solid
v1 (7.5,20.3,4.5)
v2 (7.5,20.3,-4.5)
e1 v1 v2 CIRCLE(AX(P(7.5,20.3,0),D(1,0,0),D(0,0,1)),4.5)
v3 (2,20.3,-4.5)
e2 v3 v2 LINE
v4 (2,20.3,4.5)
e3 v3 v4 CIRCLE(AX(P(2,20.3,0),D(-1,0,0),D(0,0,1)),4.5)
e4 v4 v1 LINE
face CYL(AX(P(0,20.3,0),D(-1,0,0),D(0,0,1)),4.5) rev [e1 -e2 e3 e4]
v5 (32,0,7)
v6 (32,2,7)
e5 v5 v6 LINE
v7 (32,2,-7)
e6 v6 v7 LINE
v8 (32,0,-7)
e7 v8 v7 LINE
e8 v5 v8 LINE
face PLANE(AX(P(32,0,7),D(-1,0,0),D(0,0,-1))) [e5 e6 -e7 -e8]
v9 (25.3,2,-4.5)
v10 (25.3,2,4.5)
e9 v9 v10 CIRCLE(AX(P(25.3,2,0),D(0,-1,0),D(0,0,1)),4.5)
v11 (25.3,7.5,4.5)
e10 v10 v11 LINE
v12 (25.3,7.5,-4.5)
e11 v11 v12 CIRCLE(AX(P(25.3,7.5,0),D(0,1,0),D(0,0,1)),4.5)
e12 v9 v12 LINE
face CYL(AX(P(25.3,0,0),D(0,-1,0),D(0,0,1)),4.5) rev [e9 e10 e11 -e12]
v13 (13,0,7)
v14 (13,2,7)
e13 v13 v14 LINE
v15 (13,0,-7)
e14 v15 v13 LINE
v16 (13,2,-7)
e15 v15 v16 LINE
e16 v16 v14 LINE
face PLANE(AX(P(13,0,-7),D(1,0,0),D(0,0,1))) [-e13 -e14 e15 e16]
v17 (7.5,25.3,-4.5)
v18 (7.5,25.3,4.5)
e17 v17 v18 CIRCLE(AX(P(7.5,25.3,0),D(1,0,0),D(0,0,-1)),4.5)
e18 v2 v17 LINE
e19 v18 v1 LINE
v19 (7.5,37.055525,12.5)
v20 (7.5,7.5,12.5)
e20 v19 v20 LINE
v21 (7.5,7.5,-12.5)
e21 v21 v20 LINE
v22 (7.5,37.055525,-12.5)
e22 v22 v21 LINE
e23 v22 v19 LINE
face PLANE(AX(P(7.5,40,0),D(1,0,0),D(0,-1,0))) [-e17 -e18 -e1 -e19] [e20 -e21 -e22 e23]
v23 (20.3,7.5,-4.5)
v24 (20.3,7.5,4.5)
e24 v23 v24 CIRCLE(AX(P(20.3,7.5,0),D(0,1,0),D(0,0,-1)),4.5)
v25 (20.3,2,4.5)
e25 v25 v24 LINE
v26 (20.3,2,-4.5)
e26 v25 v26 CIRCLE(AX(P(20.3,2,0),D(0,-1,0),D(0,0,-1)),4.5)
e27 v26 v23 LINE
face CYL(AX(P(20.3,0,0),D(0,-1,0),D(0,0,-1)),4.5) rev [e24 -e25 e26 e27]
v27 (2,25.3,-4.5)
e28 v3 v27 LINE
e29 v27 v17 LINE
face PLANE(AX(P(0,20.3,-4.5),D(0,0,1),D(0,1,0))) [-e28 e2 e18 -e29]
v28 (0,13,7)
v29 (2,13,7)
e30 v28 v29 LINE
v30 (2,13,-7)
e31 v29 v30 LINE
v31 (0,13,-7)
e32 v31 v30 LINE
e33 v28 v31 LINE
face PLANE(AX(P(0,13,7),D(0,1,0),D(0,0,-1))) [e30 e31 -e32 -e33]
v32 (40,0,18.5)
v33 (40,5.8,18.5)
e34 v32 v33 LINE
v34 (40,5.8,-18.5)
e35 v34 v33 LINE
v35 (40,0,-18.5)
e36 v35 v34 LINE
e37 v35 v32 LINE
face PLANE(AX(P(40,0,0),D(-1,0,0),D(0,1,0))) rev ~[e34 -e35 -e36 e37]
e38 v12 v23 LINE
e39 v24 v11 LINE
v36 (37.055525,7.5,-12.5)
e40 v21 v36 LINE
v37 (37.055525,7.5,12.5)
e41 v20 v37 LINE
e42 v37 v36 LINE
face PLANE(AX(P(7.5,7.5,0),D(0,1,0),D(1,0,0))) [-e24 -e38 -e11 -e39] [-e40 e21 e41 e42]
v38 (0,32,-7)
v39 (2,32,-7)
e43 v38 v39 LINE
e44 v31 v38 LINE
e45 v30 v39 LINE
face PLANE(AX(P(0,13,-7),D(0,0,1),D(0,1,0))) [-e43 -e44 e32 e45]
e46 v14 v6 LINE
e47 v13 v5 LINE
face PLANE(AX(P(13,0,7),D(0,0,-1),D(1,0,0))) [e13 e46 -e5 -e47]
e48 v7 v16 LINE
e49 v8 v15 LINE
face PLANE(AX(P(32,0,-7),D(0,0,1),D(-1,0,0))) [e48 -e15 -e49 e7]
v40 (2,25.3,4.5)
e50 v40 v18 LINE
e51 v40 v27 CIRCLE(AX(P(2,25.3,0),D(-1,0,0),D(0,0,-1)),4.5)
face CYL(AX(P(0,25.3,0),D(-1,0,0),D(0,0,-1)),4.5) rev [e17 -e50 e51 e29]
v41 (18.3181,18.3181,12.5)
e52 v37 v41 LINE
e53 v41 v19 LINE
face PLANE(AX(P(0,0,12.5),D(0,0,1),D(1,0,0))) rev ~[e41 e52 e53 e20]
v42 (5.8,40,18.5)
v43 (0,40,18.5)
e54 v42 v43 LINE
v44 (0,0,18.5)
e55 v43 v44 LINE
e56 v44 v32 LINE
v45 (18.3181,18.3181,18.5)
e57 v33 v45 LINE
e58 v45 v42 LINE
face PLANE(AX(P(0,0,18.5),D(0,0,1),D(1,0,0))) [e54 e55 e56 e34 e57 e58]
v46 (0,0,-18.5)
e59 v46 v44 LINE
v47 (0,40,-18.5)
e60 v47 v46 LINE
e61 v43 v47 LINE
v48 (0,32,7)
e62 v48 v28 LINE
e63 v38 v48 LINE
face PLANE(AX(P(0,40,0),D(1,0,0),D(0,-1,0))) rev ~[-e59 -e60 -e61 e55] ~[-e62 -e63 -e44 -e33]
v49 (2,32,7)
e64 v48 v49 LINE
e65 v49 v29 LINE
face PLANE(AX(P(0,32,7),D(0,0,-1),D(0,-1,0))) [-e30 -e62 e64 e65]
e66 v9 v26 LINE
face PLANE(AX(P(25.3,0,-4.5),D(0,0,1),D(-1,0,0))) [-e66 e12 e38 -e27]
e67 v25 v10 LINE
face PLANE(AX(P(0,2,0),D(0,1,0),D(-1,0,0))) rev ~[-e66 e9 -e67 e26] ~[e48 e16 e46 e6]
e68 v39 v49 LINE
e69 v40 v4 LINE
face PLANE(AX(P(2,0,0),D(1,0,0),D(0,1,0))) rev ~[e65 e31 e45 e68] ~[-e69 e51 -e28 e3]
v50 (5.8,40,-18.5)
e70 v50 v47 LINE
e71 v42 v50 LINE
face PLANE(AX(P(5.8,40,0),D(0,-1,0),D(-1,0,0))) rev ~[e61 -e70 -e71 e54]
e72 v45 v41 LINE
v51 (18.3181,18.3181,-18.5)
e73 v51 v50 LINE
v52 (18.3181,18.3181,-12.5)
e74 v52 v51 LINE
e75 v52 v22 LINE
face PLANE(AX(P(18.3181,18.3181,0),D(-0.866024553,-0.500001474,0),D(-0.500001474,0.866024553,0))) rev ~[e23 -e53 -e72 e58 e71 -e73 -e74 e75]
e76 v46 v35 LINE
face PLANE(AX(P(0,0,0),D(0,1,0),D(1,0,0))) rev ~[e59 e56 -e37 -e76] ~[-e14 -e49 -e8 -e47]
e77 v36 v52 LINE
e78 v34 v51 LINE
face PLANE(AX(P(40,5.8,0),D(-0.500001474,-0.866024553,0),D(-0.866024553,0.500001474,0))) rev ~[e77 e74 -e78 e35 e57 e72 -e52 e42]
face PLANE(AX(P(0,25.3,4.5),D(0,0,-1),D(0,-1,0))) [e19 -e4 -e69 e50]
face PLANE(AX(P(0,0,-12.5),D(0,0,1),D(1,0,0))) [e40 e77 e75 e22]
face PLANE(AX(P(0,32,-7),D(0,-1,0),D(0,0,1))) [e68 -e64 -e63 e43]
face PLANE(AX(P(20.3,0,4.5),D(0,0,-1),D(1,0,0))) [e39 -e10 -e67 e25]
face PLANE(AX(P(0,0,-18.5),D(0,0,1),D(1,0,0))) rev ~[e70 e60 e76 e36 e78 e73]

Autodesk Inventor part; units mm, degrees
sketch "Skizze_1" plane through (0, 0, 0) normal (0, 0, 1) x (1, 0, 0)
  line L0 (0, 0) -> (40, 0)
  line L1 (40, 0) -> (40, 5.8)
  line L2 (40, 5.8) -> (18.3181, 18.3181)
  line L3 (18.3181, 18.3181) -> (5.8, 40)
  line L4 (5.8, 40) -> (0, 40)
  line L5 (0, 40) -> (0, 0)
extrude "Extrusion1" add sketch "Skizze_1" along normal mid plane 37
sketch "Skizze_2" plane through (0, 0, 0) normal (0, 0, 1) x (1, 0, 0)
  line L0 (7.5, 7.5) -> (40, 7.5)
  line L1 (40, 7.5) -> (40, 40)
  line L2 (40, 40) -> (7.5, 40)
  line L3 (7.5, 40) -> (7.5, 7.5)
extrude "Extrusion2" cut sketch "Skizze_2" along normal mid plane 25
sketch "Skizze_3" plane through (0, 0, 0) normal (0, 1, 0) x (-1, 0, 0)
  arc A0 (-20.3, -4.5) -> (-20.3, 4.5) centre (-20.3, 0) ccw
  line L0 (-20.3, 4.5) -> (-25.3, 4.5)
  arc A1 (-25.3, 4.5) -> (-25.3, -4.5) centre (-25.3, 0) ccw
  line L1 (-25.3, -4.5) -> (-20.3, -4.5)
extrude "Extrusion3" cut sketch "Skizze_3" along normal blind 7.5
sketch "Skizze_4" plane through (0, 0, 0) normal (1, 0, 0) x (0, 1, 0)
  arc A0 (20.3, 4.5) -> (20.3, -4.5) centre (20.3, 0) ccw
  line L0 (20.3, -4.5) -> (25.3, -4.5)
  arc A1 (25.3, -4.5) -> (25.3, 4.5) centre (25.3, 0) ccw
  line L1 (25.3, 4.5) -> (20.3, 4.5)
extrude "Extrusion4" cut sketch "Skizze_4" along normal blind 7.5
sketch "Skizze_5" plane through (0, 0, 0) normal (1, 0, 0) x (0, 1, 0)
  line L0 (13, 7) -> (13, -7)
  line L1 (13, -7) -> (32, -7)
  line L2 (32, -7) -> (32, 7)
  line L3 (32, 7) -> (13, 7)
extrude "Extrusion5" cut sketch "Skizze_5" along normal blind 2
sketch "Skizze_6" plane through (0, 0, 0) normal (0, 1, 0) x (-1, 0, 0)
  line L0 (-13, 7) -> (-32, 7)
  line L1 (-32, 7) -> (-32, -7)
  line L2 (-32, -7) -> (-13, -7)
  line L3 (-13, -7) -> (-13, 7)
extrude "Extrusion6" cut sketch "Skizze_6" along normal blind 2
ref_plane "GUS_4500_1_XY" through (7.5, 20, 0) normal (1, 0, 0) x (0, 0, -1)
ref_plane "GUS_4500_1_YZ" through (7.5, 20, 0) normal (0, 0, -1) x (0, 1, 0)
ref_plane "GUS_4500_1_ZX" through (7.5, 20, 0) normal (0, 1, 0) x (1, 0, 0)
ref_plane "GUS_4500_12_XY" through (7.5, 25, 0) normal (1, 0, 0) x (0, 0, -1)
ref_plane "GUS_4500_12_YZ" through (7.5, 25, 0) normal (0, 0, -1) x (0, 1, 0)
ref_plane "GUS_4500_12_ZX" through (7.5, 25, 0) normal (0, 1, 0) x (1, 0, 0)
ref_plane "GUS_4500_2_XY" through (25, 7.5, 0) normal (0, 1, 0) x (1, 0, 0)
ref_plane "GUS_4500_2_YZ" through (25, 7.5, 0) normal (1, 0, 0) x (0, 0, -1)
ref_plane "GUS_4500_2_ZX" through (25, 7.5, 0) normal (0, 0, -1) x (0, 1, 0)
ref_plane "GUS_4500_23_XY" through (20, 7.5, 0) normal (0, 1, 0) x (1, 0, 0)
ref_plane "GUS_4500_23_YZ" through (20, 7.5, 0) normal (1, 0, 0) x (0, 0, -1)
ref_plane "GUS_4500_23_ZX" through (20, 7.5, 0) normal (0, 0, -1) x (0, 1, 0)
ref_plane "p1_XY" through (0, 20, -18.5) normal (0, 0, -1) x (0, 1, 0)
ref_plane "p1_YZ" through (0, 20, -18.5) normal (0, 1, 0) x (1, 0, 0)
ref_plane "p1_ZX" through (0, 20, -18.5) normal (1, 0, 0) x (0, 0, -1)
properties part number "GUS_4501_1"
